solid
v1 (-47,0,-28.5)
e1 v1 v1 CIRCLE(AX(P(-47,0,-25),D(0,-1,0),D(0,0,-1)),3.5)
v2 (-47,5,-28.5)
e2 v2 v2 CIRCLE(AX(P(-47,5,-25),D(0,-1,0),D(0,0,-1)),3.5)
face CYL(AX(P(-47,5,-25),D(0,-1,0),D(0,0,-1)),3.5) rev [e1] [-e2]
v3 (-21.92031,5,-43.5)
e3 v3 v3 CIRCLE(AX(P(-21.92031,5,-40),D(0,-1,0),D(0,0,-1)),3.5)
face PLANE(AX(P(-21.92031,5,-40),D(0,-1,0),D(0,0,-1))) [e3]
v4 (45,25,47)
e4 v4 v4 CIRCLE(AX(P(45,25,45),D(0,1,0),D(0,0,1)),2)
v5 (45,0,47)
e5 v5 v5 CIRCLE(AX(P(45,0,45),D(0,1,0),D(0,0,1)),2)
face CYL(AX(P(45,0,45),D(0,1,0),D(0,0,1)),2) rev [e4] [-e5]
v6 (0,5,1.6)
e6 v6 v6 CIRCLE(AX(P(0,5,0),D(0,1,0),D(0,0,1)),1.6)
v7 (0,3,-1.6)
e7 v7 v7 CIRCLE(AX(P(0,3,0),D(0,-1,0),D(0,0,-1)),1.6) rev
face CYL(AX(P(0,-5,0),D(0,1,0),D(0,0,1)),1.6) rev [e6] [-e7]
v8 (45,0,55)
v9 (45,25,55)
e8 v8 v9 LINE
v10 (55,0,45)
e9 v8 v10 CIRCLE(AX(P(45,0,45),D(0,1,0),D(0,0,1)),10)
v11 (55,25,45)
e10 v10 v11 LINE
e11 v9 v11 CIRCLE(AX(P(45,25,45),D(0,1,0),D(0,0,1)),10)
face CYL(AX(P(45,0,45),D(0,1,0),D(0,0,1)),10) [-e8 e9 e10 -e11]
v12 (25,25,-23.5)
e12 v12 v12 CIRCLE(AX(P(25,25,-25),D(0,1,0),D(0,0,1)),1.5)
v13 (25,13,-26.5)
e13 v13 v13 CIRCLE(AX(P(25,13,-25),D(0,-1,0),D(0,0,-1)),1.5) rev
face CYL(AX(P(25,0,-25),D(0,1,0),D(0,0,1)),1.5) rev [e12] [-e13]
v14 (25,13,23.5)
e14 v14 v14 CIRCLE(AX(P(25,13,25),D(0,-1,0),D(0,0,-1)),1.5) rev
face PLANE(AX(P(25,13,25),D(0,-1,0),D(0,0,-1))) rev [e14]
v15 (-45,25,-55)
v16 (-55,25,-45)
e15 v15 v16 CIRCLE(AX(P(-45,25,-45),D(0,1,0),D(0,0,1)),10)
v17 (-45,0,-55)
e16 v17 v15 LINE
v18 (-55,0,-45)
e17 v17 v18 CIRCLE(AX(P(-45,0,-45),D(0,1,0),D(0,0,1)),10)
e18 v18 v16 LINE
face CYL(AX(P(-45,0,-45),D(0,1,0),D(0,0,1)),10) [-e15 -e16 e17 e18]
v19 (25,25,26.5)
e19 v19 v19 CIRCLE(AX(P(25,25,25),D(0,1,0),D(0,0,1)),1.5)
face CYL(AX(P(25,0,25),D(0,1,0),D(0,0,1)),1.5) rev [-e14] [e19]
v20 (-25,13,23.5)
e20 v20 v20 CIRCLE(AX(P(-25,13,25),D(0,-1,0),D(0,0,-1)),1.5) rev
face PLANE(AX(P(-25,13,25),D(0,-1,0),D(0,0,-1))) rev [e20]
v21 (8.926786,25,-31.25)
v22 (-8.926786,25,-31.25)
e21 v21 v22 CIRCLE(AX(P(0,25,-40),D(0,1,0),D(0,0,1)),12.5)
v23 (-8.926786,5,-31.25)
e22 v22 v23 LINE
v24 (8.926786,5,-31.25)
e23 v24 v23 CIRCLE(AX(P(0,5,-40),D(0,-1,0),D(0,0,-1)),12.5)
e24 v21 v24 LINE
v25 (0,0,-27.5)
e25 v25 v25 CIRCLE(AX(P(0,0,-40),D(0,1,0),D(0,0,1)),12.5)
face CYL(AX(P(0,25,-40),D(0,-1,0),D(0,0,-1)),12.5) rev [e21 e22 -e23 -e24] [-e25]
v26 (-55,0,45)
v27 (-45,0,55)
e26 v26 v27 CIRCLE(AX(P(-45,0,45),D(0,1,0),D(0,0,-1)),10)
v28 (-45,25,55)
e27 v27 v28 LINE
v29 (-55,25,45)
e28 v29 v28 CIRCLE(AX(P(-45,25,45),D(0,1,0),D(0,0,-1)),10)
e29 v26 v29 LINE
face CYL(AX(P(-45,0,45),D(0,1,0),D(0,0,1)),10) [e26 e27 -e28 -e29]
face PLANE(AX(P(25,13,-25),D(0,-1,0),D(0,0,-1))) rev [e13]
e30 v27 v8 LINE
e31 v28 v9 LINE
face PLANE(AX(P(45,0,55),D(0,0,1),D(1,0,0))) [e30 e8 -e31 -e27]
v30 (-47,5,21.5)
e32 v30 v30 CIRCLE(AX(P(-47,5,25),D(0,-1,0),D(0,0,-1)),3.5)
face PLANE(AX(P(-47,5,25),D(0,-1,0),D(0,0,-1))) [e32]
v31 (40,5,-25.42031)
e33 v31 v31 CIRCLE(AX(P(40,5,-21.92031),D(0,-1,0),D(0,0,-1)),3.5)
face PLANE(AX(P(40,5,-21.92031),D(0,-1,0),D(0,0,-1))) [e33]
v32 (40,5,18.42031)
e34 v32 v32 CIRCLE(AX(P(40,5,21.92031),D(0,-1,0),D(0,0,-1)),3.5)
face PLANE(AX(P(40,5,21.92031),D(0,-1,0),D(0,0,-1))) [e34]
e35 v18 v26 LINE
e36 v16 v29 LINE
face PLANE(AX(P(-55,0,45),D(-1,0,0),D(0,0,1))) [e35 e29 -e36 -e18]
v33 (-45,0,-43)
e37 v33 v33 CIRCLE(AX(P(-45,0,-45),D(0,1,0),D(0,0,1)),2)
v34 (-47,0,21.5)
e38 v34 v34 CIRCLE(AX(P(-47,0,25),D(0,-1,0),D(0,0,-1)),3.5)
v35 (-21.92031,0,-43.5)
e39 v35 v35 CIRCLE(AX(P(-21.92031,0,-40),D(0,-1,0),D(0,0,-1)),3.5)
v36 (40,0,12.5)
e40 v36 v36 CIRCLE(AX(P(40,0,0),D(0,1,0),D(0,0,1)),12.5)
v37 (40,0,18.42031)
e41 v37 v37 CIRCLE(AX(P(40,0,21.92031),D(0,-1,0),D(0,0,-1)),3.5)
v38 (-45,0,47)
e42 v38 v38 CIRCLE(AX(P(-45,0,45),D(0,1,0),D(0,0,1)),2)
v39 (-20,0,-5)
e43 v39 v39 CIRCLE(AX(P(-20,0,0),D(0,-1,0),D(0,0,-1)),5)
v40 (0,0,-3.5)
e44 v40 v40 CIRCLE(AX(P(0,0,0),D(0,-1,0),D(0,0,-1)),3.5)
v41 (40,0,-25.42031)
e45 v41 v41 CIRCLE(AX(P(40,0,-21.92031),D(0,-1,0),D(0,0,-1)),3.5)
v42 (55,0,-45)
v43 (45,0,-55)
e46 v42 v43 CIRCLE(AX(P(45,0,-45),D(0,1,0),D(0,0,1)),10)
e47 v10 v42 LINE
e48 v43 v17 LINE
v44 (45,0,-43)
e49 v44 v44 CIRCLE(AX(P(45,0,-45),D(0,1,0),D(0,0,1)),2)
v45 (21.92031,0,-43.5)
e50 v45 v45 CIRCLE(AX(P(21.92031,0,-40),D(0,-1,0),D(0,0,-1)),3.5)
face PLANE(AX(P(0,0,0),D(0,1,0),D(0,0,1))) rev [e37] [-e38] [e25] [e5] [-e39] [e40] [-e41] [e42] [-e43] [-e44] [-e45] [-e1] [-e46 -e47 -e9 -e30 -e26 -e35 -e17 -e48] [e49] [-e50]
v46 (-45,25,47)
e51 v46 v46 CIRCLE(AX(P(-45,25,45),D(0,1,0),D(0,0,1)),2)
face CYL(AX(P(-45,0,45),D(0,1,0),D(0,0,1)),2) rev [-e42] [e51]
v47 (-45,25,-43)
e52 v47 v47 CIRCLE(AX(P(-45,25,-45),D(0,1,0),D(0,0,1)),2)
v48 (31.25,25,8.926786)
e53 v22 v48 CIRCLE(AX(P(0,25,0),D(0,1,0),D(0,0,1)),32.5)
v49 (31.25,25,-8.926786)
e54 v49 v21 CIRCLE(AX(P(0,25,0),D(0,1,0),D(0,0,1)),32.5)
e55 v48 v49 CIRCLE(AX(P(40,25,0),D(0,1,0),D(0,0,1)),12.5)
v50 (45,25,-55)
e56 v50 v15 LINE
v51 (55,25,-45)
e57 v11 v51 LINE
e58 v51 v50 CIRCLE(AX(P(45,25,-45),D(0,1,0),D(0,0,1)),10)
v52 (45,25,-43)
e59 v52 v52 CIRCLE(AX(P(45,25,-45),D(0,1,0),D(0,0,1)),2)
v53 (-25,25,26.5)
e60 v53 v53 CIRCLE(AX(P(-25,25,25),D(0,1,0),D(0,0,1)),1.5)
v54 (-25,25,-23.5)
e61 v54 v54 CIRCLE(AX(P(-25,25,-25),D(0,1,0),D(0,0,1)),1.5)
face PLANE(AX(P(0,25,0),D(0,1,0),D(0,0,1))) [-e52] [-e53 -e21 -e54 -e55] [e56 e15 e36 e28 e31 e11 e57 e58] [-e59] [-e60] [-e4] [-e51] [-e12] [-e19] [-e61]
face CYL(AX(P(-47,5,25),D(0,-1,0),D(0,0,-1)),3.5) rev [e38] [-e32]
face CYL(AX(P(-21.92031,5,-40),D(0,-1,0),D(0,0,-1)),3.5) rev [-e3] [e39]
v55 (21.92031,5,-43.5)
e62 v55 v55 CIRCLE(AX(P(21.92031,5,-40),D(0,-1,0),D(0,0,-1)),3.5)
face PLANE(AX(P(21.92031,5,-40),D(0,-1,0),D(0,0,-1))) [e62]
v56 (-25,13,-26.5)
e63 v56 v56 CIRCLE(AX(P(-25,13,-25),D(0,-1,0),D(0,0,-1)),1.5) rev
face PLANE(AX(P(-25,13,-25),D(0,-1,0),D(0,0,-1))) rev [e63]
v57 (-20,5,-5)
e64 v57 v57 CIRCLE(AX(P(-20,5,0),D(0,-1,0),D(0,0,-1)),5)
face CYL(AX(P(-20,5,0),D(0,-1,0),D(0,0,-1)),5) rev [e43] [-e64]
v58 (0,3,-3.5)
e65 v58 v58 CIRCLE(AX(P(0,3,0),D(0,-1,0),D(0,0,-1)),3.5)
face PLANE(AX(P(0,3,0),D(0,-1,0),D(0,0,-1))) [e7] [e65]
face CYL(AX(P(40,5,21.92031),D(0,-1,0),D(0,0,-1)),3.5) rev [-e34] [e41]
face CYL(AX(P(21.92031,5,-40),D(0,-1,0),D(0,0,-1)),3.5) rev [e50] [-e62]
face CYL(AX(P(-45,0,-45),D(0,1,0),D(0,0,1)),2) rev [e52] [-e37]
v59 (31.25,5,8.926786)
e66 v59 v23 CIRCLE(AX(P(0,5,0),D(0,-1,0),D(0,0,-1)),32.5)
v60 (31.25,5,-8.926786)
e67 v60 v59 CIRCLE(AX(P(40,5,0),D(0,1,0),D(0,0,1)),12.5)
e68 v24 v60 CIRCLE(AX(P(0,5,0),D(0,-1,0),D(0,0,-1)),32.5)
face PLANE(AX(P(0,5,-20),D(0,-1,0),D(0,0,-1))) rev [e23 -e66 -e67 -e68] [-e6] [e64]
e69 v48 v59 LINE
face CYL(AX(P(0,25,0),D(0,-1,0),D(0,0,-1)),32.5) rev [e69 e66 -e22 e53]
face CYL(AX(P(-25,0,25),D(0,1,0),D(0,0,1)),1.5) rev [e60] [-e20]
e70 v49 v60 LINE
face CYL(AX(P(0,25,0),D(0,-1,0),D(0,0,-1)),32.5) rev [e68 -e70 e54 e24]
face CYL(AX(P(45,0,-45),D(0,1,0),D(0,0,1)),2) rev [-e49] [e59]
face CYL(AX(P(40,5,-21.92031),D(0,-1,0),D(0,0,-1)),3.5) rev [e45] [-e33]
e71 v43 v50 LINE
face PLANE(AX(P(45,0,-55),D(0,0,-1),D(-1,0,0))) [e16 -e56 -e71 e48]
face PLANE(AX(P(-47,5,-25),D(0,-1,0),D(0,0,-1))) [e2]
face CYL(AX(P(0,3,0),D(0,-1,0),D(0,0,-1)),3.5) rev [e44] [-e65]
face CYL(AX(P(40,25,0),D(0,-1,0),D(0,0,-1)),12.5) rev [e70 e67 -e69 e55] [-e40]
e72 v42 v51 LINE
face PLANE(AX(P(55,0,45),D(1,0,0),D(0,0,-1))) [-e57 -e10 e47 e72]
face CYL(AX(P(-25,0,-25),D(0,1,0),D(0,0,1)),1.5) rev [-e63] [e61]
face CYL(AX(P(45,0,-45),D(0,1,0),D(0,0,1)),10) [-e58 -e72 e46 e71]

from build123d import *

# Parameters (mm, degrees)
SKETCH_1_W          = 130
SKETCH_1_H          = 130
SKETCH_1_R          = 1.6
EXTRUDE_1_DEPTH     = 25
SKETCH_2_R          = 5
EXTRUDE_2_DEPTH     = 5
SKETCH_3_R          = 1.5
SKETCH_3_R_2        = 2
CUT_EXTRUDE_1_DEPTH = 103.102889283
FILLET_1_R          = 10
SKETCH_4_R          = 1.6
CUT_EXTRUDE_2_DEPTH = 10
CUT_EXTRUDE_START   = -10
SKETCH_5_R          = 12.5
CUT_EXTRUDE_3_DEPTH = 10
SKETCH_6_OUTSIDE_W  = 169.108
SKETCH_6_OUTSIDE_H  = 169.108
CUT_EXTRUDE_4_DEPTH = 103.102889283
SKETCH_7_R          = 3.5
CUT_EXTRUDE_5_DEPTH = 3
SKETCH_9_R          = 3.5
CUT_EXTRUDE_6_DEPTH = 5
EXTRUDE_START       = -20
SKETCH_10_R         = 1.6
EXTRUDE_3_DEPTH     = 20
EXTRUDE_START_2     = -13
SKETCH_11_R         = 1.5
EXTRUDE_4_DEPTH     = 13


with BuildPart() as part:
    # 草图1 → 凸台-拉伸1 (new body)
    with BuildSketch(Plane(origin=(0, 0, 0), x_dir=(1, 0, 0), z_dir=(0, 1, 0))):
        with Locations((5, 5)):
            Rectangle(SKETCH_1_W, SKETCH_1_H)
        with Locations(Location((61.920310217, 0, 0), (0, 0, 270))):
            Circle(SKETCH_1_R, mode=Mode.SUBTRACT)
        with Locations(Location((40, -21.920310217, 0), (0, 0, 270))):
            Circle(SKETCH_1_R, mode=Mode.SUBTRACT)
        with Locations(Location((40, 21.920310217, 0), (0, 0, 270))):
            Circle(SKETCH_1_R, mode=Mode.SUBTRACT)
        with Locations(Location((21.920310217, 40, 0), (0, 0, 270))):
            Circle(SKETCH_1_R, mode=Mode.SUBTRACT)
        with Locations(Location((-21.920310217, 40, 0), (0, 0, 270))):
            Circle(SKETCH_1_R, mode=Mode.SUBTRACT)
        with Locations(Location((0, 61.920310217, 0), (0, 0, 270))):
            Circle(SKETCH_1_R, mode=Mode.SUBTRACT)
        with BuildLine():
            ThreePointArc((-8.926785536, 31.25), (-22.980970389, -22.980970389), (31.25, -8.926785536))
            ThreePointArc((31.25, -8.926785536), (52.5, 0), (31.25, 8.926785536))
            ThreePointArc((31.25, 8.926785536), (22.980970389, 22.980970389), (8.926785536, 31.25))
            ThreePointArc((8.926785536, 31.25), (0, 52.5), (-8.926785536, 31.25))
        make_face(mode=Mode.SUBTRACT)
    extrude(amount=EXTRUDE_1_DEPTH)

    # 草图2 → 凸台-拉伸2 (add)
    with BuildSketch(Plane.XZ):
        with BuildLine():
            ThreePointArc((-8.926785536, -31.25), (0, -52.5), (8.926785536, -31.25))
            ThreePointArc((8.926785536, -31.25), (22.980970389, -22.980970389), (31.25, -8.926785536))
            ThreePointArc((31.25, -8.926785536), (52.5, 0), (31.25, 8.926785536))
            ThreePointArc((31.25, 8.926785536), (-22.980970389, 22.980970389), (-8.926785536, -31.25))
        make_face()
        with Locations(Location((-20, 0, 0), (0, 0, 270))):
            Circle(SKETCH_2_R, mode=Mode.SUBTRACT)
    extrude(amount=-EXTRUDE_2_DEPTH)

    # 草图3 → 切除-拉伸1 (cut, through all)
    with BuildSketch(Plane(origin=(0, 25, 0), x_dir=(1, 0, 0), z_dir=(0, 1, 0))):
        with Locations(Location((-25, 25, 0), (0, 0, 270))):
            Circle(SKETCH_3_R)
        with Locations(Location((25, 25, 0), (0, 0, 270))):
            Circle(SKETCH_3_R)
        with Locations(Location((-25, -25, 0), (0, 0, 270))):
            Circle(SKETCH_3_R)
        with Locations(Location((25, -25, 0), (0, 0, 270))):
            Circle(SKETCH_3_R)
        with Locations(Location((-45, 45, 0), (0, 0, 270))):
            Circle(SKETCH_3_R_2)
        with Locations(Location((45, 45, 0), (0, 0, 270))):
            Circle(SKETCH_3_R_2)
        with Locations(Location((45, -45, 0), (0, 0, 270))):
            Circle(SKETCH_3_R_2)
        with Locations(Location((-45, -45, 0), (0, 0, 270))):
            Circle(SKETCH_3_R_2)
    extrude(amount=-CUT_EXTRUDE_1_DEPTH, mode=Mode.SUBTRACT)

    # 圆角1
    fillet_1_edges = [part.edges().sort_by_distance(p)[0] for p in [
        (-60, 12.5, -70),
        (70, 12.5, -70),
        (70, 12.5, 60),
        (-60, 12.5, 60),
    ]]
    fillet(fillet_1_edges, radius=FILLET_1_R)

    # 草图4 → 切除-拉伸2 (cut)
    with BuildSketch(Plane(origin=(0, 5, 0), x_dir=(1, 0, 0), z_dir=(0, 1, 0))):
        with Locations(Location((0, 0, 0), (0, 0, 270))):
            Circle(SKETCH_4_R)
    extrude(amount=-CUT_EXTRUDE_2_DEPTH, mode=Mode.SUBTRACT)

    # 草图5 → 切除-拉伸3 (cut)
    with BuildSketch(Plane(origin=(0, 5, 0), x_dir=(1, 0, 0), z_dir=(0, 1, 0)).offset(CUT_EXTRUDE_START)):
        with Locations(Location((40, 0, 0), (0, 0, 134.427004001))):
            Circle(SKETCH_5_R)
        with Locations(Location((0, 40, 0), (0, 0, 315.572995999))):
            Circle(SKETCH_5_R)
    extrude(amount=CUT_EXTRUDE_3_DEPTH, mode=Mode.SUBTRACT)

    # 草图6 outside → 切除-拉伸4 (cut, through all)
    with BuildSketch(Plane(origin=(0, 25, 0), x_dir=(1, 0, 0), z_dir=(0, 1, 0))):
        with Locations((5, 5)):
            Rectangle(SKETCH_6_OUTSIDE_W, SKETCH_6_OUTSIDE_H)
        with BuildLine():
            Line((45, -55), (-45, -55))
            ThreePointArc((-45, -55), (-52.071067812, -52.071067812), (-55, -45))
            Line((-55, -45), (-55, 45))
            ThreePointArc((-55, 45), (-52.071067812, 52.071067812), (-45, 55))
            Line((-45, 55), (45, 55))
            ThreePointArc((45, 55), (52.071067812, 52.071067812), (55, 45))
            Line((55, 45), (55, -45))
            ThreePointArc((55, -45), (52.071067812, -52.071067812), (45, -55))
        make_face(mode=Mode.SUBTRACT)
    extrude(amount=-CUT_EXTRUDE_4_DEPTH, mode=Mode.SUBTRACT)

    # 草图7 → 切除-拉伸5 (cut)
    with BuildSketch(Plane.XZ):
        with Locations(Location((0, 0, 0), (0, 0, 270))):
            Circle(SKETCH_7_R)
    extrude(amount=-CUT_EXTRUDE_5_DEPTH, mode=Mode.SUBTRACT)

    # 草图9 → 切除-拉伸6 (cut)
    with BuildSketch(Plane.XZ):
        with Locations(Location((-21.920310217, -40, 0), (0, 0, 270))):
            Circle(SKETCH_9_R)
        with Locations(Location((21.920310217, -40, 0), (0, 0, 270))):
            Circle(SKETCH_9_R)
        with Locations(Location((40, -21.920310217, 0), (0, 0, 270))):
            Circle(SKETCH_9_R)
        with Locations(Location((40, 21.920310217, 0), (0, 0, 270))):
            Circle(SKETCH_9_R)
        with Locations(Location((-47, 25, 0), (0, 0, 270))):
            Circle(SKETCH_9_R)
        with Locations(Location((-47, -25, 0), (0, 0, 270))):
            Circle(SKETCH_9_R)
    extrude(amount=-CUT_EXTRUDE_6_DEPTH, mode=Mode.SUBTRACT)

    # 草图10 → 凸台-拉伸3 (add)
    with BuildSketch(Plane(origin=(0, 25, 0), x_dir=(1, 0, 0), z_dir=(0, 1, 0)).offset(EXTRUDE_START)):
        with Locations((40, 21.920310217)):
            Circle(SKETCH_10_R)
        with Locations((40, -21.920310217)):
            Circle(SKETCH_10_R)
        with Locations((-21.920310217, 40)):
            Circle(SKETCH_10_R)
        with Locations((21.920310217, 40)):
            Circle(SKETCH_10_R)
    extrude(amount=EXTRUDE_3_DEPTH)

    # 草图11 → 凸台-拉伸4 (add)
    with BuildSketch(Plane.XZ.offset(EXTRUDE_START_2)):
        with Locations(Location((25, 25, 0), (0, 0, 90))):
            Circle(SKETCH_11_R)
        with Locations(Location((-25, 25, 0), (0, 0, 90))):
            Circle(SKETCH_11_R)
        with Locations(Location((-25, -25, 0), (0, 0, 90))):
            Circle(SKETCH_11_R)
        with Locations(Location((25, -25, 0), (0, 0, 90))):
            Circle(SKETCH_11_R)
    extrude(amount=EXTRUDE_4_DEPTH)


solid = part.part
